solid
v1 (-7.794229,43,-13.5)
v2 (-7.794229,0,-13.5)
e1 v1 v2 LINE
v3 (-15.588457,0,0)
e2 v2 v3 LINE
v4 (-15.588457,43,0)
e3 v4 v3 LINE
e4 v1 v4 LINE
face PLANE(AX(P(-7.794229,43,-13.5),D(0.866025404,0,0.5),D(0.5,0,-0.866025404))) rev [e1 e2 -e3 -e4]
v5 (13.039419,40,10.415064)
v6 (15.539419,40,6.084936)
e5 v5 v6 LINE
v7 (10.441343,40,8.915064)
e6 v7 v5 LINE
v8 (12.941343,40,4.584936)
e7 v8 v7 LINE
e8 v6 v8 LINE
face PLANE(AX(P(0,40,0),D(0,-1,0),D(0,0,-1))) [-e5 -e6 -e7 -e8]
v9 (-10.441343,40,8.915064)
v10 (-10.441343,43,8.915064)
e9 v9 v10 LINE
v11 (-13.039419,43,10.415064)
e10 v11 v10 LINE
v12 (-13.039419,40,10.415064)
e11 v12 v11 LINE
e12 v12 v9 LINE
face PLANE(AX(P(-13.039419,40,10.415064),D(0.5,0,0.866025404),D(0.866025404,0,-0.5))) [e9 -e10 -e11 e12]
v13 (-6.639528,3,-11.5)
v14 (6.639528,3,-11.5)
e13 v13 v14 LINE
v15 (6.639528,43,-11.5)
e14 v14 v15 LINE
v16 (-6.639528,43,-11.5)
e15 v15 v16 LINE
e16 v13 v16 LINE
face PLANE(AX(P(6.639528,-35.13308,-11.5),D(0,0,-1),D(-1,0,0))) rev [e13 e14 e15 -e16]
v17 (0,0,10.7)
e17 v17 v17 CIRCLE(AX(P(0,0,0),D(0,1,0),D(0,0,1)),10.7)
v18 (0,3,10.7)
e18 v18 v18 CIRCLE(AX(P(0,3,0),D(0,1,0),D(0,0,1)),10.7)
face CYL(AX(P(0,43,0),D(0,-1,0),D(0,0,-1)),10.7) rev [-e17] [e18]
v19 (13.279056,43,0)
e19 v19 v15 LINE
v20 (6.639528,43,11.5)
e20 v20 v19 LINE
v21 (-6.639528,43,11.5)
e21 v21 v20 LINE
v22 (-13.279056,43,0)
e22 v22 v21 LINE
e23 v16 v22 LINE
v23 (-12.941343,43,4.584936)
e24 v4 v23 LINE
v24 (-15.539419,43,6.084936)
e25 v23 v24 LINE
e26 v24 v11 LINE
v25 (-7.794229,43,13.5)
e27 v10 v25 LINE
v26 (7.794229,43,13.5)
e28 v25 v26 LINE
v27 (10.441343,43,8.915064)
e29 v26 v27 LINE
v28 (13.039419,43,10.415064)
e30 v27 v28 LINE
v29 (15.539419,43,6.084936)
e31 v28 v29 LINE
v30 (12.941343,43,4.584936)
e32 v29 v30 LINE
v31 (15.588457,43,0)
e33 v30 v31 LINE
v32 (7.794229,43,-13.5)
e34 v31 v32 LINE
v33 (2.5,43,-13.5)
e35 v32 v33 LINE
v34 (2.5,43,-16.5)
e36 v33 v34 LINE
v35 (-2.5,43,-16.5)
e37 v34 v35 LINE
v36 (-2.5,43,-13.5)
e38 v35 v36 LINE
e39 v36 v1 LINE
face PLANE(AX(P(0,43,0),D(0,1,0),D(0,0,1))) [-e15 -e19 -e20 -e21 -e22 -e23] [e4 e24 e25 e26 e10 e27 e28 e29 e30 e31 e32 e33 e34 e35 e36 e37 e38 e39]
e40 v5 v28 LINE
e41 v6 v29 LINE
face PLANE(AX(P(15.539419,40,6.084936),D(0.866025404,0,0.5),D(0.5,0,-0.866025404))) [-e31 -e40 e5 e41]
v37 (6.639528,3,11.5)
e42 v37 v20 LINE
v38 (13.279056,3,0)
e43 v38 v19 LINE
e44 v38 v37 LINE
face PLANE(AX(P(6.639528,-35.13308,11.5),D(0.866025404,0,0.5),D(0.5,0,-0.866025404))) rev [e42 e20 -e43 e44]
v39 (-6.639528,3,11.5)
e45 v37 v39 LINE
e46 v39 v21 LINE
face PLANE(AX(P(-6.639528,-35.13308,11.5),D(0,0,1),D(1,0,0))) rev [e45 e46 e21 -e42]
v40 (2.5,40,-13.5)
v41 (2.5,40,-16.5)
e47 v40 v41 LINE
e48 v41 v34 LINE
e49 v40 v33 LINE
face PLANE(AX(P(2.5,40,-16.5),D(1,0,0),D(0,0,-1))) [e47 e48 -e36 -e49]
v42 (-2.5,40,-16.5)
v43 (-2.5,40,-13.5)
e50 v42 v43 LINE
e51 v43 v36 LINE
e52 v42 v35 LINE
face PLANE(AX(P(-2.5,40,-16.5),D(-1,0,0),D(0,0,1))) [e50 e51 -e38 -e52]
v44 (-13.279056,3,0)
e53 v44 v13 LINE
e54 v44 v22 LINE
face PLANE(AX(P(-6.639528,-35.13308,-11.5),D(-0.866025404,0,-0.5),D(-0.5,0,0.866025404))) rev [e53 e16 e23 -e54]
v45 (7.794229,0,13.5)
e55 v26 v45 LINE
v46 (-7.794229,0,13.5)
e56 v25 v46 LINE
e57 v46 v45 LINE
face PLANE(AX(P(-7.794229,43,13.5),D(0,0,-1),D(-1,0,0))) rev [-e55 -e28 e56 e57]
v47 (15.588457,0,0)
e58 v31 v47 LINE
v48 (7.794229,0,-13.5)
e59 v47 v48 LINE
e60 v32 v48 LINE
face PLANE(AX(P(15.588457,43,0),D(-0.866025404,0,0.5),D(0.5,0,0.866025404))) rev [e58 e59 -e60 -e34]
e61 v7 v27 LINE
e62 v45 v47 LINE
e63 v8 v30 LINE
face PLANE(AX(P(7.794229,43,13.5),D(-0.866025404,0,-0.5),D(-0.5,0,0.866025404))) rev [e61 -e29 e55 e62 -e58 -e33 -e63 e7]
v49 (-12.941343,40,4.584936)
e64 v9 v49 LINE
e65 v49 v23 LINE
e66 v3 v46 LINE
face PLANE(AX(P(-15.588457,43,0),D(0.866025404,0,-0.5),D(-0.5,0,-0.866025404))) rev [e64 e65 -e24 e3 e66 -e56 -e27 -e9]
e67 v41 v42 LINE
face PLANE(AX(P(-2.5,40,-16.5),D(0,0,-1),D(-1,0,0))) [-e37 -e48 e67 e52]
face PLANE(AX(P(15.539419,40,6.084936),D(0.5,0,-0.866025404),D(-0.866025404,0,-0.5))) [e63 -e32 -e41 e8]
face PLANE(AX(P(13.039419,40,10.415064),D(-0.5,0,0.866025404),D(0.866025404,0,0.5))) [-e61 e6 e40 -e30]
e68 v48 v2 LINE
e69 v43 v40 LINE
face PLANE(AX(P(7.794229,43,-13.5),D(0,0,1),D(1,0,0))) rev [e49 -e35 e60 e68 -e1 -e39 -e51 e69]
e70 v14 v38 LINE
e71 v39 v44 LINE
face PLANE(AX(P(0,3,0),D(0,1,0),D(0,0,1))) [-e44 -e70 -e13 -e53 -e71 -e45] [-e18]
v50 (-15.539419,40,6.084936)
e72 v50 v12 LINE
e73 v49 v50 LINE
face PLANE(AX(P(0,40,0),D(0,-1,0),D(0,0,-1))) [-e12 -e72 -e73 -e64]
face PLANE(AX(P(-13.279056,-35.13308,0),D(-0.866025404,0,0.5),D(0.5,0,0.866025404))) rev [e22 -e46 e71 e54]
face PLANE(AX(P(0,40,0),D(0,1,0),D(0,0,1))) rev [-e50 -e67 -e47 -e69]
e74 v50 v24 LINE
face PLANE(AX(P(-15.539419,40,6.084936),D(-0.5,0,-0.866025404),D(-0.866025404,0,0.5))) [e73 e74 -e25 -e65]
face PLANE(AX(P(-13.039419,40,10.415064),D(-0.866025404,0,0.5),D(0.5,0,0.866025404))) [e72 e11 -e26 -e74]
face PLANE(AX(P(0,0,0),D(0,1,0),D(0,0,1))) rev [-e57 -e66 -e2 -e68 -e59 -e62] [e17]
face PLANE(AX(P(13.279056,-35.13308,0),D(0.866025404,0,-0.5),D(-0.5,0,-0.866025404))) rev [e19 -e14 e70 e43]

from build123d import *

# Parameters (mm, degrees)
SKETCH1_R           = 10.7
BOSS_EXTRUDE1_DEPTH = 43
CUT_EXTRUDE1_DEPTH  = 40
SKETCH3_W           = 5
SKETCH3_H           = 3
BOSS_EXTRUDE2_DEPTH = 3


with BuildPart() as part:
    # Sketch1 → Boss-Extrude1 (new body)
    with BuildSketch(Plane(origin=(0, 0, 0), x_dir=(1, 0, 0), z_dir=(0, 1, 0))):
        Polygon((15.588457268, 0), (7.794228634, 13.5), (-7.794228634, 13.5), (-15.588457268, 0), (-7.794228634, -13.5), (7.794228634, -13.5), align=None)
        with Locations(Location((0, 0, 0), (0, 0, 270))):
            Circle(SKETCH1_R, mode=Mode.SUBTRACT)
    extrude(amount=BOSS_EXTRUDE1_DEPTH)

    # Sketch2 → Cut-Extrude1 (cut)
    with BuildSketch(Plane(origin=(0, 43, 0), x_dir=(1, 0, 0), z_dir=(0, 1, 0))):
        Polygon((13.279056191, 0), (6.639528096, 11.5), (-6.639528096, 11.5), (-13.279056191, 0), (-6.639528096, -11.5), (6.639528096, -11.5), align=None)
    extrude(amount=-CUT_EXTRUDE1_DEPTH, mode=Mode.SUBTRACT)

    # Sketch3 → Boss-Extrude2 (add)
    with BuildSketch(Plane(origin=(0, 43, 0), x_dir=(1, 0, 0), z_dir=(0, 1, 0))):
        Polygon((15.539419162, -6.084936491), (12.941342951, -4.584936491), (10.441342951, -8.915063509), (13.039419162, -10.415063509), align=None)
        with Locations((0, 15)):
            Rectangle(SKETCH3_W, SKETCH3_H)
        Polygon((-13.039419162, -10.415063509), (-10.441342951, -8.915063509), (-12.941342951, -4.584936491), (-15.539419162, -6.084936491), align=None)
    extrude(amount=-BOSS_EXTRUDE2_DEPTH)


solid = part.part
